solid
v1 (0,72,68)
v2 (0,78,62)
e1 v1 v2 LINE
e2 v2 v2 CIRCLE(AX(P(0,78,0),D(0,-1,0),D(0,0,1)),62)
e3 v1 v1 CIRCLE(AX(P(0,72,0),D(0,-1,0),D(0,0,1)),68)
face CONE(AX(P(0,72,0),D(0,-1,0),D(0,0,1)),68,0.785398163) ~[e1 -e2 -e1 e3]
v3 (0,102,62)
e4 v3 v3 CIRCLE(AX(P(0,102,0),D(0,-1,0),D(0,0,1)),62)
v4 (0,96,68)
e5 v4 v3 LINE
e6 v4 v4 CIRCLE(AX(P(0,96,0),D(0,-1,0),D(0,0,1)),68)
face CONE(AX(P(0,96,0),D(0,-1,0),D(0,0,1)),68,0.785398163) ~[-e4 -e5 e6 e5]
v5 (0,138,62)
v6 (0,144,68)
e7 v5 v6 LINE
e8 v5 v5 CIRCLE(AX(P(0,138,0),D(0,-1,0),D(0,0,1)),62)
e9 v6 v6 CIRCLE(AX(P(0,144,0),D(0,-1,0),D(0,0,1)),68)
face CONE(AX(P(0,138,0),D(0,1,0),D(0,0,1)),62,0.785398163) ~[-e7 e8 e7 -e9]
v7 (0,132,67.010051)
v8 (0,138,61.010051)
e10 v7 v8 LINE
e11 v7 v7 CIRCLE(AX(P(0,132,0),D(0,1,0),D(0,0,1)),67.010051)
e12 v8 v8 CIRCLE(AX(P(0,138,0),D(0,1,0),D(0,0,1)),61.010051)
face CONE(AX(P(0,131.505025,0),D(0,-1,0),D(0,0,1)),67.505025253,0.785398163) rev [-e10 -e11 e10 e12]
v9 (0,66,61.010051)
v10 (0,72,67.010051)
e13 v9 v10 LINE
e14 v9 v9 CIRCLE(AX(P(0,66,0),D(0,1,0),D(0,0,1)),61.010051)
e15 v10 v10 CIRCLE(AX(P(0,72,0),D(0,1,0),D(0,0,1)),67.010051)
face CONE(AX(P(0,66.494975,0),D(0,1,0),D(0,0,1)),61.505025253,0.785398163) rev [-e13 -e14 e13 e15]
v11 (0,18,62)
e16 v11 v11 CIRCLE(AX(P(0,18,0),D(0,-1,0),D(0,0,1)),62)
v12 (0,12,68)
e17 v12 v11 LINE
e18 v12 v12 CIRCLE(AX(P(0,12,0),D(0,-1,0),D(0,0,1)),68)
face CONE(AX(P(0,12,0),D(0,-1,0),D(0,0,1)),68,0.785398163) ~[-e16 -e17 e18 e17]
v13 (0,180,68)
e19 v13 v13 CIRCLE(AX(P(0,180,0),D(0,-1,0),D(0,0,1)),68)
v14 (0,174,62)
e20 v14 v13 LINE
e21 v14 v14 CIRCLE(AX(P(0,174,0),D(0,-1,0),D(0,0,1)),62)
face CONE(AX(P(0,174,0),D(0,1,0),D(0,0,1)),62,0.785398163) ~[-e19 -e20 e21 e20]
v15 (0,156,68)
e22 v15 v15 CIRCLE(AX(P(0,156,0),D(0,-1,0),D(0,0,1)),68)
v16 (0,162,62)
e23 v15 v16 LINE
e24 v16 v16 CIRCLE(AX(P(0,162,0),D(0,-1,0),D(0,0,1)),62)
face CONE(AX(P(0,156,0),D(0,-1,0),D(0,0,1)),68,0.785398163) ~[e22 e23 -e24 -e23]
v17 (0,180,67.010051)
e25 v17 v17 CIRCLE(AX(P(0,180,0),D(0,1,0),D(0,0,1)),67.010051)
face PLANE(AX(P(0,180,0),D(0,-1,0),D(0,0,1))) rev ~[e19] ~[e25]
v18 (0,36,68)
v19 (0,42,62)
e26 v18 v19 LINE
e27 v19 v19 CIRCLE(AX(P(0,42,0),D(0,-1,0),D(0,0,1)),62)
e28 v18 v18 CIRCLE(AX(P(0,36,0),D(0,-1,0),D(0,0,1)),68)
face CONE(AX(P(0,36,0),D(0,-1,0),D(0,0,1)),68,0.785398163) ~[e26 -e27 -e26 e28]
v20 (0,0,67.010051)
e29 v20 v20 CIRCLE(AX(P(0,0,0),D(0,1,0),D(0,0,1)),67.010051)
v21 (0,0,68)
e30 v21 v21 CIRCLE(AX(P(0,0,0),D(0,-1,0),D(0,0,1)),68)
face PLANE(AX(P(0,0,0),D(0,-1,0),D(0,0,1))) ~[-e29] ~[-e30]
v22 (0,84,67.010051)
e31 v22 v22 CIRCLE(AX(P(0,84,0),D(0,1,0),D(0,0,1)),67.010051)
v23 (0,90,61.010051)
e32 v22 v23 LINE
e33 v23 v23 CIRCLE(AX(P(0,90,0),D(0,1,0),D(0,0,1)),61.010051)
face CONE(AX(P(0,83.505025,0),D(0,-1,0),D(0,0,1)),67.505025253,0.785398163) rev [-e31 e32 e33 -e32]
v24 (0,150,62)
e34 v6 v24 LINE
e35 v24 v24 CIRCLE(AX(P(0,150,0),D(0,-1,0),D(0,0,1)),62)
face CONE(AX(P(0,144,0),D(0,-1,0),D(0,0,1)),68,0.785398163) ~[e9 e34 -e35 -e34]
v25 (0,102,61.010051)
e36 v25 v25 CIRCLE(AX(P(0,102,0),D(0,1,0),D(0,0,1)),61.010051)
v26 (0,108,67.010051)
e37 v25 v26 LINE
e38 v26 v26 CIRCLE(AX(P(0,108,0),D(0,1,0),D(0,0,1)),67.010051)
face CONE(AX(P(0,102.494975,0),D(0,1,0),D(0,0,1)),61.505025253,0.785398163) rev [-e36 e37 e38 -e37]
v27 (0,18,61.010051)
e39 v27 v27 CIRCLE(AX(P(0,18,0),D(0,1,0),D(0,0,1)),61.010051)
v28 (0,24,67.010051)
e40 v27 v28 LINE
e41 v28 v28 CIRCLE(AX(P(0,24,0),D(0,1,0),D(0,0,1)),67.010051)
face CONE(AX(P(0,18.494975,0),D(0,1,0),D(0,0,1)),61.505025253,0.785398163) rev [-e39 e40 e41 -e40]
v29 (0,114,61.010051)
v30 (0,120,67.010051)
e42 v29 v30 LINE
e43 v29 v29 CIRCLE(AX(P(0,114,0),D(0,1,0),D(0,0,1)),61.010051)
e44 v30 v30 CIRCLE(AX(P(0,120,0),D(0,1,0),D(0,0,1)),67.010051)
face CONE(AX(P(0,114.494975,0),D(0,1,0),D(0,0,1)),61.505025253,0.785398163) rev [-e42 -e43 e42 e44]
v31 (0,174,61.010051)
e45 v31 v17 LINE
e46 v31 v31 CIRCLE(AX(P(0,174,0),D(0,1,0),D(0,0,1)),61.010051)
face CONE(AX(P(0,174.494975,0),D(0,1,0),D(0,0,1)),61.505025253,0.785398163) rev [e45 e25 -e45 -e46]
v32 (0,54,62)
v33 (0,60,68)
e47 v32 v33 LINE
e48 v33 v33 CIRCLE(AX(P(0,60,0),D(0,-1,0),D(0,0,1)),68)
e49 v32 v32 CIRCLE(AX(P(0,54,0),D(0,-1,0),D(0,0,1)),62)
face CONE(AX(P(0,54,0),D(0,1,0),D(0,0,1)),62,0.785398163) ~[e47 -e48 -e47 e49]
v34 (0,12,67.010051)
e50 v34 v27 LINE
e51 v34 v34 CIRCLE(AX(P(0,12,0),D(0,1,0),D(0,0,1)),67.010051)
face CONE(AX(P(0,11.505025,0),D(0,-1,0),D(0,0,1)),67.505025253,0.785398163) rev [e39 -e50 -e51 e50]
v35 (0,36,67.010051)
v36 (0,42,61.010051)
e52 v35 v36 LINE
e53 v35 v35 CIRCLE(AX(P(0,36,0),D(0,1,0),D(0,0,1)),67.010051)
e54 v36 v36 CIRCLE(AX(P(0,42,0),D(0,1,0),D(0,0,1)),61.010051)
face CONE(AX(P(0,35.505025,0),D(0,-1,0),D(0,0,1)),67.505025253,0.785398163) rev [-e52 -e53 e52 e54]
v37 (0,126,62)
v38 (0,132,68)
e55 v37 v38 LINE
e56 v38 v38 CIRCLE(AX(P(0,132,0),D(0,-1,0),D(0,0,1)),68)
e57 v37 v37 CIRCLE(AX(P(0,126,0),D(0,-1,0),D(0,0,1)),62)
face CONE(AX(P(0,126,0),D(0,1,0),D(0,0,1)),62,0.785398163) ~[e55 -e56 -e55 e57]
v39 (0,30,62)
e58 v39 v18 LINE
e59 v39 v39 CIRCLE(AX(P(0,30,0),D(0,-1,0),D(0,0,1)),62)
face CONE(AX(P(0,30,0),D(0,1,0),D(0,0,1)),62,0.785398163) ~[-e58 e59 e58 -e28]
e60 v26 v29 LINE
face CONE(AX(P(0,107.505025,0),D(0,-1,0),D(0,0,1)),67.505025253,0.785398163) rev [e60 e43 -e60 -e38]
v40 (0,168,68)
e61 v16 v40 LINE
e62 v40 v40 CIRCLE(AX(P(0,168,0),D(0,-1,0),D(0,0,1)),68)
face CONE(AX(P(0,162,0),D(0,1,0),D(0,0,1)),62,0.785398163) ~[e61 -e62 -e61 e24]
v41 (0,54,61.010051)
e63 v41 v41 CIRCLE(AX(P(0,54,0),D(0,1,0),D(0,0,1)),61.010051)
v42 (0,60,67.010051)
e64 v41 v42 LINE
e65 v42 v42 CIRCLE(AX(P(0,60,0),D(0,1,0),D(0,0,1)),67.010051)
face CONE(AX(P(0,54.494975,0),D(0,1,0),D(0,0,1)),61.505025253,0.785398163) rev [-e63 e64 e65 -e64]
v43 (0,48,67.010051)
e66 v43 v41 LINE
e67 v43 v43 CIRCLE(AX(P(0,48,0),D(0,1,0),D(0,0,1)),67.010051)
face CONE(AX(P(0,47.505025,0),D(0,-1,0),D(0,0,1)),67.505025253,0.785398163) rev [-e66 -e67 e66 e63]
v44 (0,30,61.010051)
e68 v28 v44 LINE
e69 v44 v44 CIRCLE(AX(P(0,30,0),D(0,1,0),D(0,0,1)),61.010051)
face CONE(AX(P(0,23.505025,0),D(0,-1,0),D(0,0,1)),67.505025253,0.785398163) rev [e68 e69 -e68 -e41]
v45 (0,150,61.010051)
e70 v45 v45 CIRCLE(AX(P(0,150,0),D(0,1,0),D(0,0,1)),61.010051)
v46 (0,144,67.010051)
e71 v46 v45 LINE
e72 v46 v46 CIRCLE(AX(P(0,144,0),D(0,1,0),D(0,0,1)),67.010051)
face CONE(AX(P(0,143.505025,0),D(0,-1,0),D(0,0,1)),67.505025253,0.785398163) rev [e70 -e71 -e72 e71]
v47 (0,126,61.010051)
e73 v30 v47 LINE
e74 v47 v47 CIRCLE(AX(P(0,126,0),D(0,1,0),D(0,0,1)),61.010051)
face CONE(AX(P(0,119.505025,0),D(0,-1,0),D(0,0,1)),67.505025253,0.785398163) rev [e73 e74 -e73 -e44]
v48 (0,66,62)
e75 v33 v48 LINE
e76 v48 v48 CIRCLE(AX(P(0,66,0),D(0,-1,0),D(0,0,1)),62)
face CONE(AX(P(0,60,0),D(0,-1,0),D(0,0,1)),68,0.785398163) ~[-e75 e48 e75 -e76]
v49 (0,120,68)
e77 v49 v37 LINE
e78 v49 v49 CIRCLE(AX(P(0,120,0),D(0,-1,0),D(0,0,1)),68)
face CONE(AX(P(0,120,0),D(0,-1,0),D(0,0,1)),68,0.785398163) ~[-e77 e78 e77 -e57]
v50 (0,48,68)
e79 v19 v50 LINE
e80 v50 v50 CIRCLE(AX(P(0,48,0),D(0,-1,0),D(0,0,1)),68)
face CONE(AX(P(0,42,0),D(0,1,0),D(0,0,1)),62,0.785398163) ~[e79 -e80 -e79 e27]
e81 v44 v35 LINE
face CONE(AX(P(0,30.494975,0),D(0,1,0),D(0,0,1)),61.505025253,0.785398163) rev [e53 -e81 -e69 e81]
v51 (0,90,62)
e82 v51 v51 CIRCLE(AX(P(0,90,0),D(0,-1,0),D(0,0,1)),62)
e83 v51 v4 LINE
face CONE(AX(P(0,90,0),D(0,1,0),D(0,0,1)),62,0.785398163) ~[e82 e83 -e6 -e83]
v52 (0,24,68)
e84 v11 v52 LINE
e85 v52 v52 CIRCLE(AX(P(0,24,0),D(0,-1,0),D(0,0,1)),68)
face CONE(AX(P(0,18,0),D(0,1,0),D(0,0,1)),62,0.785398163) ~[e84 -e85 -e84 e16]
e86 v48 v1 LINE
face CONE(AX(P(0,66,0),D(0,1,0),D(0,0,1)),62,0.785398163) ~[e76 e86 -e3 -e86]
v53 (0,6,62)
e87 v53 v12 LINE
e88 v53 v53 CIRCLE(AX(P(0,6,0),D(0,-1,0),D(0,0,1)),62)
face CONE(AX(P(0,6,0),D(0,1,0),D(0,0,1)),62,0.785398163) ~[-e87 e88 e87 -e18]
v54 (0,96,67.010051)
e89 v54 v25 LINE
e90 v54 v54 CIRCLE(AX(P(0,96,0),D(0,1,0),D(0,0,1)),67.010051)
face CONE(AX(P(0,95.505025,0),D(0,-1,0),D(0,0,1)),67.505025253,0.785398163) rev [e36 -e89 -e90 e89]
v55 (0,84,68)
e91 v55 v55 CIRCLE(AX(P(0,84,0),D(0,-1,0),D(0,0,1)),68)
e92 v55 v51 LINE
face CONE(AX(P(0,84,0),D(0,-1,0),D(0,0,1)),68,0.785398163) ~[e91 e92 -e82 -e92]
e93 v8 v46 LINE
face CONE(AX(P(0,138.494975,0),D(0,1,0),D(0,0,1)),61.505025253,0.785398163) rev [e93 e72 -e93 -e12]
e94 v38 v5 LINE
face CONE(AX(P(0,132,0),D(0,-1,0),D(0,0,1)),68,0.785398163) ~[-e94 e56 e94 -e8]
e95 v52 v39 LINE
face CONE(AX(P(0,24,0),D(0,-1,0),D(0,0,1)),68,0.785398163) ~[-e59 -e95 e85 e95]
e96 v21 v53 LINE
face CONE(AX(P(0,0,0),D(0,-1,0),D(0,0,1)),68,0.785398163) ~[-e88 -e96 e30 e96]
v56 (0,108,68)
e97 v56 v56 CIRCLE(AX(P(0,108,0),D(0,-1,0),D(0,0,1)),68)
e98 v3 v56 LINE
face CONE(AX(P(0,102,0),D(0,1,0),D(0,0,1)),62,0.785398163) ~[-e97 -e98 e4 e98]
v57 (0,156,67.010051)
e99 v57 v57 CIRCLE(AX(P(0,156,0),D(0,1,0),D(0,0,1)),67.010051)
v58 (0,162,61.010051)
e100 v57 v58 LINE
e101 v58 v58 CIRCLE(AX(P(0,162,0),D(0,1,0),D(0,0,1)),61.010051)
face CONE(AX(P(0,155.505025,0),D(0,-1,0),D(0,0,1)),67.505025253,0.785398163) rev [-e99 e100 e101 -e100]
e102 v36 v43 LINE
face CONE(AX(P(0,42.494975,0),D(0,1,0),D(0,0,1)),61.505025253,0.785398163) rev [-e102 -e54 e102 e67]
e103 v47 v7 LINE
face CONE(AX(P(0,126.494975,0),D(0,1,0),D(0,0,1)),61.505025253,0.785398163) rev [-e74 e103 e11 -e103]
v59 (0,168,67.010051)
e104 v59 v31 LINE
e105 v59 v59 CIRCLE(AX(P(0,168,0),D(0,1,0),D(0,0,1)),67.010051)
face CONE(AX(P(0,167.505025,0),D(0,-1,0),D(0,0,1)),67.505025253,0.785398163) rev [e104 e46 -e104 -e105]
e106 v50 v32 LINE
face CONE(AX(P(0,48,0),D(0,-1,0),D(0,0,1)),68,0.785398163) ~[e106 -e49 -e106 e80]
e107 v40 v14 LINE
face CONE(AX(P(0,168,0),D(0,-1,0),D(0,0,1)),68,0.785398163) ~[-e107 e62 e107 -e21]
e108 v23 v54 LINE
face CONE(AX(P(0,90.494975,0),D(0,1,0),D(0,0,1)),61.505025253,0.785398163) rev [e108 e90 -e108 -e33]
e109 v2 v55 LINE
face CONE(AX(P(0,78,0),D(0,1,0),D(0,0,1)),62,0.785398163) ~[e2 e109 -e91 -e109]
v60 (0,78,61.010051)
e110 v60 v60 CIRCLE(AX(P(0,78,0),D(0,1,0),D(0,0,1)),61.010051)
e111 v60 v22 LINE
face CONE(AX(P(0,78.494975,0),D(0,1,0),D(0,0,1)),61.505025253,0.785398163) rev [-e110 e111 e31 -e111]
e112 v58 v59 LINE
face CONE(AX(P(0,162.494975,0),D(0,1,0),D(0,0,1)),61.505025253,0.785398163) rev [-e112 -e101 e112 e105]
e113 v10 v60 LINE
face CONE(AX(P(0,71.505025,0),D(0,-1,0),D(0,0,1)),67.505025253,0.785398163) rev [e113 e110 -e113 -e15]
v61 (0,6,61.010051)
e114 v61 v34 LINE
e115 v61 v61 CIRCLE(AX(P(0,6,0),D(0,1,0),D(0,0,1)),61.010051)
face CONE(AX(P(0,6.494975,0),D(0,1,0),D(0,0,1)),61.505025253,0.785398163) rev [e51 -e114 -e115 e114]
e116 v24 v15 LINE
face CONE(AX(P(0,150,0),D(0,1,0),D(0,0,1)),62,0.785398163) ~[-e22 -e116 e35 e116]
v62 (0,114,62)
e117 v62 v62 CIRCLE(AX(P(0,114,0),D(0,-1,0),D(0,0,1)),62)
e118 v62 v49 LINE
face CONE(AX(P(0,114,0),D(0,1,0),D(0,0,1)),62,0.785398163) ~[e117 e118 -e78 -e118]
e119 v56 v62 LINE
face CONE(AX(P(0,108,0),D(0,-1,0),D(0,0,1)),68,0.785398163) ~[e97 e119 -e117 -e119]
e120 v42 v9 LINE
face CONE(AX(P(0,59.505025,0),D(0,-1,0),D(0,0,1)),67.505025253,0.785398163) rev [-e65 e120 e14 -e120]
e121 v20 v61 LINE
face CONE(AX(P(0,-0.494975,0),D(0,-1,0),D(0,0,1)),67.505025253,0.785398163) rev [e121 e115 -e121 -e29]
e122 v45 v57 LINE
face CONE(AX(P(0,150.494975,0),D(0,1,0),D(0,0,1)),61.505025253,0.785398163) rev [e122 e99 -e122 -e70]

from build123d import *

# Parameters (mm, degrees)
SKORUPA1_T = -0.7


with BuildPart() as part:
    # Szkic1 → Obrót1 (revolve)
    with BuildSketch(Plane.XY, mode=Mode.PRIVATE) as obr_t1_sk:
        Polygon((0, 0), (68, 0), (62, 6), (68, 12), (62, 18), (68, 24), (62, 30), (68, 36), (62, 42), (68, 48), (62, 54), (68, 60), (62, 66), (68, 72), (62, 78), (68, 84), (62, 90), (68, 96), (62, 102), (68, 108), (62, 114), (68, 120), (62, 126), (68, 132), (62, 138), (68, 144), (62, 150), (68, 156), (62, 162), (68, 168), (62, 174), (68, 180), (0, 180), align=None)
    revolve(obr_t1_sk.sketch.rotate(Axis((0, 39.738115942, 0), (0, -1, 0)), 90), axis=Axis((0, 39.738115942, 0), (0, -1, 0)))

    # Skorupa1
    skorupa1_openings = [part.faces().sort_by_distance(p)[0] for p in [
        (0, 0, 0),
        (0, 180, 0),
    ]]
    offset(amount=SKORUPA1_T, openings=skorupa1_openings, kind=Kind.INTERSECTION)


solid = part.part
